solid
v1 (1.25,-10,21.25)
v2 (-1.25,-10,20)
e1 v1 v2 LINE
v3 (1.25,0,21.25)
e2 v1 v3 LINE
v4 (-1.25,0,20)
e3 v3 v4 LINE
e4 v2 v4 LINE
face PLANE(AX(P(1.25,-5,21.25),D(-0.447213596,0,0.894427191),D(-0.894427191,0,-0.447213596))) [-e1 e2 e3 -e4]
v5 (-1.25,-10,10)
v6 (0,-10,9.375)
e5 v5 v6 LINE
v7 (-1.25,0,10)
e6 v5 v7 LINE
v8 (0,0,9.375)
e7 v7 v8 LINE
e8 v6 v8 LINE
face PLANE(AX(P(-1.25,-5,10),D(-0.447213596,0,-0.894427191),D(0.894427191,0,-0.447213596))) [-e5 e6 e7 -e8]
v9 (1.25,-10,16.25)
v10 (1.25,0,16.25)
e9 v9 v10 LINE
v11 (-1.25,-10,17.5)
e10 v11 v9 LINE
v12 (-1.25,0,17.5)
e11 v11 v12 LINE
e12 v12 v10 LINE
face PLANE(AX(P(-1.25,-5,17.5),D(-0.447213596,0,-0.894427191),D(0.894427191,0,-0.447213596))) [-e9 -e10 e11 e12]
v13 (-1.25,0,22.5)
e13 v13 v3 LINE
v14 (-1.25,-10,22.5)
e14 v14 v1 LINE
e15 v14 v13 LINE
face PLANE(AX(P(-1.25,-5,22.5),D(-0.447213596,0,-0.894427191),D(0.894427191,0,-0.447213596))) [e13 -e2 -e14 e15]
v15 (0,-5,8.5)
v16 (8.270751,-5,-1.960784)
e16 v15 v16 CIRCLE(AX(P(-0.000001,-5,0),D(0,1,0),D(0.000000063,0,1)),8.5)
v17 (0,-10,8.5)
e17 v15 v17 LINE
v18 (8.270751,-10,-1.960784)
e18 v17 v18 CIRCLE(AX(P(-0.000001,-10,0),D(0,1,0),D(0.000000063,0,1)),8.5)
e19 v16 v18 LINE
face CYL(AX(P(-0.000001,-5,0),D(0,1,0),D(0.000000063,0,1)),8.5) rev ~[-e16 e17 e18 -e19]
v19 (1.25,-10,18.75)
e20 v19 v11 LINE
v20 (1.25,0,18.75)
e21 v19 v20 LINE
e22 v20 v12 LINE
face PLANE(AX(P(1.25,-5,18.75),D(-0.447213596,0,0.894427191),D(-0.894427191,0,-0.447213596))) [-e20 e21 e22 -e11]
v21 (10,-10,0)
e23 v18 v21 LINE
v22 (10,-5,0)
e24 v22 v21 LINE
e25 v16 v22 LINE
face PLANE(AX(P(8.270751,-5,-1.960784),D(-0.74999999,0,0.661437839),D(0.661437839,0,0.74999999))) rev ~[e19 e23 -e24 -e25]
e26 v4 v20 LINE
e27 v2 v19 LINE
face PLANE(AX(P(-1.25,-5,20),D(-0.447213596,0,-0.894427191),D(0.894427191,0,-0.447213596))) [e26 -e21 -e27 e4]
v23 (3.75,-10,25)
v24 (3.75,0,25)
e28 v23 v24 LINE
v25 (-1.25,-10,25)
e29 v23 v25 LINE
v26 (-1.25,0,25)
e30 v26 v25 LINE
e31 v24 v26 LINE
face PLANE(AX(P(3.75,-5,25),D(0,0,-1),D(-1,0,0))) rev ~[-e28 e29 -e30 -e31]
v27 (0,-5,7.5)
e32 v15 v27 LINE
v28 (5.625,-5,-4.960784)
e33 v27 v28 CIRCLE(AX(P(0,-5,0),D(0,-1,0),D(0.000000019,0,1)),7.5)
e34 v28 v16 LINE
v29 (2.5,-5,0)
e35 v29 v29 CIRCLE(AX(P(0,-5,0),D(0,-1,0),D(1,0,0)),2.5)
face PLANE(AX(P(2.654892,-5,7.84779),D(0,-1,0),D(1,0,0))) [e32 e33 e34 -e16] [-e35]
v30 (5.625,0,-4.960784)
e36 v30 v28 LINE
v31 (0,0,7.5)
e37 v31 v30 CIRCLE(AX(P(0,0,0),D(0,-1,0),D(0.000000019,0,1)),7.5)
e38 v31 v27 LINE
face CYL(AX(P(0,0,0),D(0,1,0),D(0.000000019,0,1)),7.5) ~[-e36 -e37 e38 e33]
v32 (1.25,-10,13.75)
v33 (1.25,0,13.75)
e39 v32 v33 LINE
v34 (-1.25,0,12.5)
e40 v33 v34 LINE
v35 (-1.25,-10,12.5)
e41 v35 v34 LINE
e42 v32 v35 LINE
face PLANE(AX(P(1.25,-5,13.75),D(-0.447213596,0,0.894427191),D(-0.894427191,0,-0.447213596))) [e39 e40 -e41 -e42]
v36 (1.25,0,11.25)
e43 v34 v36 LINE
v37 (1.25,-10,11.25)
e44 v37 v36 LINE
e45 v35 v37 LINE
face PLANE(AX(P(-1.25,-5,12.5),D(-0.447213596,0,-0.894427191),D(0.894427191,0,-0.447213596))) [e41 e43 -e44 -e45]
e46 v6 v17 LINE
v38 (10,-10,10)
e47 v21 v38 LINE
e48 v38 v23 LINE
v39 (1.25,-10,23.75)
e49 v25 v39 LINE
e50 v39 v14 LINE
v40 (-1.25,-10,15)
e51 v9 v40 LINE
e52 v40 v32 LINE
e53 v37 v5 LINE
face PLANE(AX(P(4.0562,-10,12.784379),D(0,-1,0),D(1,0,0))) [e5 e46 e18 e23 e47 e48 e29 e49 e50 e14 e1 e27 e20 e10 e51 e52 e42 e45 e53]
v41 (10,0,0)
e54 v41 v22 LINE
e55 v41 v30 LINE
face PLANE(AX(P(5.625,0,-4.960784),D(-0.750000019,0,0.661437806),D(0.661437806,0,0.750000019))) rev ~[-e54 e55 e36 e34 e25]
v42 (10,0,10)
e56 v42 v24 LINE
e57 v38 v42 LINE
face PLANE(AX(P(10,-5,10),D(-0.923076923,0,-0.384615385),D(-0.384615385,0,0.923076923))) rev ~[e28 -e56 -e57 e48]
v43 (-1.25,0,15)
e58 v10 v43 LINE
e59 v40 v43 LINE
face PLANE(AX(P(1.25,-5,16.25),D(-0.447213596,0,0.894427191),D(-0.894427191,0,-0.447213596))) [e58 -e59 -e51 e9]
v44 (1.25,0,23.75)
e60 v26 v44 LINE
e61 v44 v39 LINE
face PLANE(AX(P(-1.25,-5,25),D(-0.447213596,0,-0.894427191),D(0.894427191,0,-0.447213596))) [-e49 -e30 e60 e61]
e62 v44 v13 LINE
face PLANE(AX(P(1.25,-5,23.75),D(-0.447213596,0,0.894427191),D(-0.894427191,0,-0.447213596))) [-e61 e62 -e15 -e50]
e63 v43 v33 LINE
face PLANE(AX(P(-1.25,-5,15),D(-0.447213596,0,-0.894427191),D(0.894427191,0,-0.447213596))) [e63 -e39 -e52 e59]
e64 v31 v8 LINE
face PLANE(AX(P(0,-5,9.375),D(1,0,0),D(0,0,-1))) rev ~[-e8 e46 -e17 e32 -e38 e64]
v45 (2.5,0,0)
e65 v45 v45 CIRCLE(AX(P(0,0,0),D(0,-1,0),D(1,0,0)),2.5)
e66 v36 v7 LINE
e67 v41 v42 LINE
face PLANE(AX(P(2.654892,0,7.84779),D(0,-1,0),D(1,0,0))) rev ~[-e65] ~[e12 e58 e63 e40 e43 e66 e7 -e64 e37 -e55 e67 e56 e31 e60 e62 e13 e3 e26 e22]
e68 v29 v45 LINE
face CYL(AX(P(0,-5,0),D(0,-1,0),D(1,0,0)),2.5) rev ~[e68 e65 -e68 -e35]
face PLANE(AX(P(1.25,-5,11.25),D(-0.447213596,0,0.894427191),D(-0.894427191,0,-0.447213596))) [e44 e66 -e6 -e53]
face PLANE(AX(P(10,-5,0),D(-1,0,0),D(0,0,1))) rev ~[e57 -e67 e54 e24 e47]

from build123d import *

# Parameters (mm, degrees)
F1_DEPTH      = 5
F3_DEPTH      = 5
F3_DEPTH_BACK = 5
F4_R          = 2.5
F5_DEPTH      = 5.001


with BuildPart() as f1:
    # F0 (on Front) → F1 (new body)
    with BuildSketch(Plane.XZ):
        with BuildLine():
            Line((0, 9.13175), (0, 7.5))
            ThreePointArc((0, 7.5), (-6.835784, -3.085784), (5.625, -4.960784))
            Line((5.625, -4.960784), (10, 0))
            Line((10, 0), (10, 10))
            Line((10, 10), (3.75, 25))
            Line((3.75, 25), (1.25, 25))
            Line((1.25, 25), (1.25, 10))
            Line((1.25, 10), (0, 9.13175))
        make_face()
    extrude(amount=F1_DEPTH)

    # F2 (on face) → F3 (join, two sides)
    with BuildSketch(Plane.XZ.offset(5)) as f3_sk:
        with BuildLine():
            Line((3.75, 25), (1.25, 25))
            Line((1.25, 25), (1.25, 23.75))
            Line((1.25, 23.75), (-1.25, 22.5))
            Line((-1.25, 22.5), (1.25, 21.25))
            Line((1.25, 21.25), (-1.25, 20))
            Line((-1.25, 20), (1.25, 18.75))
            Line((1.25, 18.75), (-1.25, 17.5))
            Line((-1.25, 17.5), (1.25, 16.25))
            Line((1.25, 16.25), (-1.25, 15))
            Line((-1.25, 15), (1.25, 13.75))
            Line((1.25, 13.75), (-1.25, 12.5))
            Line((-1.25, 12.5), (1.25, 11.25))
            Line((1.25, 11.25), (-1.25, 10))
            Line((-1.25, 10), (0, 9.375))
            Line((0, 9.375), (0, 9.13175))
            Line((0, 9.13175), (0, 8.5))
            ThreePointArc((0, 8.5), (6.667708, 5.27178), (8.270751, -1.960784))
            Line((8.270751, -1.960784), (10, 0))
            Line((10, 0), (10, 10))
            Line((10, 10), (3.75, 25))
        make_face()
        Polygon((1.25, 23.75), (1.25, 25), (-1.25, 25), align=None)
    extrude(amount=F3_DEPTH)
    extrude(f3_sk.sketch, amount=-F3_DEPTH_BACK)

    # F4 (on face) → F5 (cut, through all)
    with BuildSketch(Plane.XZ.offset(5)):
        Circle(F4_R)
    extrude(amount=-F5_DEPTH, mode=Mode.SUBTRACT)


with BuildPart() as f6_1:
    # F6: copy of F1
    add(f1.part)


with BuildPart() as f8_1:
    # F8: copy of F1
    add(f1.part.moved(Location((20, 0, 0))))


with BuildPart() as f10_1:
    # F10: copy of F1
    add(f1.part)


solid = f1.part
